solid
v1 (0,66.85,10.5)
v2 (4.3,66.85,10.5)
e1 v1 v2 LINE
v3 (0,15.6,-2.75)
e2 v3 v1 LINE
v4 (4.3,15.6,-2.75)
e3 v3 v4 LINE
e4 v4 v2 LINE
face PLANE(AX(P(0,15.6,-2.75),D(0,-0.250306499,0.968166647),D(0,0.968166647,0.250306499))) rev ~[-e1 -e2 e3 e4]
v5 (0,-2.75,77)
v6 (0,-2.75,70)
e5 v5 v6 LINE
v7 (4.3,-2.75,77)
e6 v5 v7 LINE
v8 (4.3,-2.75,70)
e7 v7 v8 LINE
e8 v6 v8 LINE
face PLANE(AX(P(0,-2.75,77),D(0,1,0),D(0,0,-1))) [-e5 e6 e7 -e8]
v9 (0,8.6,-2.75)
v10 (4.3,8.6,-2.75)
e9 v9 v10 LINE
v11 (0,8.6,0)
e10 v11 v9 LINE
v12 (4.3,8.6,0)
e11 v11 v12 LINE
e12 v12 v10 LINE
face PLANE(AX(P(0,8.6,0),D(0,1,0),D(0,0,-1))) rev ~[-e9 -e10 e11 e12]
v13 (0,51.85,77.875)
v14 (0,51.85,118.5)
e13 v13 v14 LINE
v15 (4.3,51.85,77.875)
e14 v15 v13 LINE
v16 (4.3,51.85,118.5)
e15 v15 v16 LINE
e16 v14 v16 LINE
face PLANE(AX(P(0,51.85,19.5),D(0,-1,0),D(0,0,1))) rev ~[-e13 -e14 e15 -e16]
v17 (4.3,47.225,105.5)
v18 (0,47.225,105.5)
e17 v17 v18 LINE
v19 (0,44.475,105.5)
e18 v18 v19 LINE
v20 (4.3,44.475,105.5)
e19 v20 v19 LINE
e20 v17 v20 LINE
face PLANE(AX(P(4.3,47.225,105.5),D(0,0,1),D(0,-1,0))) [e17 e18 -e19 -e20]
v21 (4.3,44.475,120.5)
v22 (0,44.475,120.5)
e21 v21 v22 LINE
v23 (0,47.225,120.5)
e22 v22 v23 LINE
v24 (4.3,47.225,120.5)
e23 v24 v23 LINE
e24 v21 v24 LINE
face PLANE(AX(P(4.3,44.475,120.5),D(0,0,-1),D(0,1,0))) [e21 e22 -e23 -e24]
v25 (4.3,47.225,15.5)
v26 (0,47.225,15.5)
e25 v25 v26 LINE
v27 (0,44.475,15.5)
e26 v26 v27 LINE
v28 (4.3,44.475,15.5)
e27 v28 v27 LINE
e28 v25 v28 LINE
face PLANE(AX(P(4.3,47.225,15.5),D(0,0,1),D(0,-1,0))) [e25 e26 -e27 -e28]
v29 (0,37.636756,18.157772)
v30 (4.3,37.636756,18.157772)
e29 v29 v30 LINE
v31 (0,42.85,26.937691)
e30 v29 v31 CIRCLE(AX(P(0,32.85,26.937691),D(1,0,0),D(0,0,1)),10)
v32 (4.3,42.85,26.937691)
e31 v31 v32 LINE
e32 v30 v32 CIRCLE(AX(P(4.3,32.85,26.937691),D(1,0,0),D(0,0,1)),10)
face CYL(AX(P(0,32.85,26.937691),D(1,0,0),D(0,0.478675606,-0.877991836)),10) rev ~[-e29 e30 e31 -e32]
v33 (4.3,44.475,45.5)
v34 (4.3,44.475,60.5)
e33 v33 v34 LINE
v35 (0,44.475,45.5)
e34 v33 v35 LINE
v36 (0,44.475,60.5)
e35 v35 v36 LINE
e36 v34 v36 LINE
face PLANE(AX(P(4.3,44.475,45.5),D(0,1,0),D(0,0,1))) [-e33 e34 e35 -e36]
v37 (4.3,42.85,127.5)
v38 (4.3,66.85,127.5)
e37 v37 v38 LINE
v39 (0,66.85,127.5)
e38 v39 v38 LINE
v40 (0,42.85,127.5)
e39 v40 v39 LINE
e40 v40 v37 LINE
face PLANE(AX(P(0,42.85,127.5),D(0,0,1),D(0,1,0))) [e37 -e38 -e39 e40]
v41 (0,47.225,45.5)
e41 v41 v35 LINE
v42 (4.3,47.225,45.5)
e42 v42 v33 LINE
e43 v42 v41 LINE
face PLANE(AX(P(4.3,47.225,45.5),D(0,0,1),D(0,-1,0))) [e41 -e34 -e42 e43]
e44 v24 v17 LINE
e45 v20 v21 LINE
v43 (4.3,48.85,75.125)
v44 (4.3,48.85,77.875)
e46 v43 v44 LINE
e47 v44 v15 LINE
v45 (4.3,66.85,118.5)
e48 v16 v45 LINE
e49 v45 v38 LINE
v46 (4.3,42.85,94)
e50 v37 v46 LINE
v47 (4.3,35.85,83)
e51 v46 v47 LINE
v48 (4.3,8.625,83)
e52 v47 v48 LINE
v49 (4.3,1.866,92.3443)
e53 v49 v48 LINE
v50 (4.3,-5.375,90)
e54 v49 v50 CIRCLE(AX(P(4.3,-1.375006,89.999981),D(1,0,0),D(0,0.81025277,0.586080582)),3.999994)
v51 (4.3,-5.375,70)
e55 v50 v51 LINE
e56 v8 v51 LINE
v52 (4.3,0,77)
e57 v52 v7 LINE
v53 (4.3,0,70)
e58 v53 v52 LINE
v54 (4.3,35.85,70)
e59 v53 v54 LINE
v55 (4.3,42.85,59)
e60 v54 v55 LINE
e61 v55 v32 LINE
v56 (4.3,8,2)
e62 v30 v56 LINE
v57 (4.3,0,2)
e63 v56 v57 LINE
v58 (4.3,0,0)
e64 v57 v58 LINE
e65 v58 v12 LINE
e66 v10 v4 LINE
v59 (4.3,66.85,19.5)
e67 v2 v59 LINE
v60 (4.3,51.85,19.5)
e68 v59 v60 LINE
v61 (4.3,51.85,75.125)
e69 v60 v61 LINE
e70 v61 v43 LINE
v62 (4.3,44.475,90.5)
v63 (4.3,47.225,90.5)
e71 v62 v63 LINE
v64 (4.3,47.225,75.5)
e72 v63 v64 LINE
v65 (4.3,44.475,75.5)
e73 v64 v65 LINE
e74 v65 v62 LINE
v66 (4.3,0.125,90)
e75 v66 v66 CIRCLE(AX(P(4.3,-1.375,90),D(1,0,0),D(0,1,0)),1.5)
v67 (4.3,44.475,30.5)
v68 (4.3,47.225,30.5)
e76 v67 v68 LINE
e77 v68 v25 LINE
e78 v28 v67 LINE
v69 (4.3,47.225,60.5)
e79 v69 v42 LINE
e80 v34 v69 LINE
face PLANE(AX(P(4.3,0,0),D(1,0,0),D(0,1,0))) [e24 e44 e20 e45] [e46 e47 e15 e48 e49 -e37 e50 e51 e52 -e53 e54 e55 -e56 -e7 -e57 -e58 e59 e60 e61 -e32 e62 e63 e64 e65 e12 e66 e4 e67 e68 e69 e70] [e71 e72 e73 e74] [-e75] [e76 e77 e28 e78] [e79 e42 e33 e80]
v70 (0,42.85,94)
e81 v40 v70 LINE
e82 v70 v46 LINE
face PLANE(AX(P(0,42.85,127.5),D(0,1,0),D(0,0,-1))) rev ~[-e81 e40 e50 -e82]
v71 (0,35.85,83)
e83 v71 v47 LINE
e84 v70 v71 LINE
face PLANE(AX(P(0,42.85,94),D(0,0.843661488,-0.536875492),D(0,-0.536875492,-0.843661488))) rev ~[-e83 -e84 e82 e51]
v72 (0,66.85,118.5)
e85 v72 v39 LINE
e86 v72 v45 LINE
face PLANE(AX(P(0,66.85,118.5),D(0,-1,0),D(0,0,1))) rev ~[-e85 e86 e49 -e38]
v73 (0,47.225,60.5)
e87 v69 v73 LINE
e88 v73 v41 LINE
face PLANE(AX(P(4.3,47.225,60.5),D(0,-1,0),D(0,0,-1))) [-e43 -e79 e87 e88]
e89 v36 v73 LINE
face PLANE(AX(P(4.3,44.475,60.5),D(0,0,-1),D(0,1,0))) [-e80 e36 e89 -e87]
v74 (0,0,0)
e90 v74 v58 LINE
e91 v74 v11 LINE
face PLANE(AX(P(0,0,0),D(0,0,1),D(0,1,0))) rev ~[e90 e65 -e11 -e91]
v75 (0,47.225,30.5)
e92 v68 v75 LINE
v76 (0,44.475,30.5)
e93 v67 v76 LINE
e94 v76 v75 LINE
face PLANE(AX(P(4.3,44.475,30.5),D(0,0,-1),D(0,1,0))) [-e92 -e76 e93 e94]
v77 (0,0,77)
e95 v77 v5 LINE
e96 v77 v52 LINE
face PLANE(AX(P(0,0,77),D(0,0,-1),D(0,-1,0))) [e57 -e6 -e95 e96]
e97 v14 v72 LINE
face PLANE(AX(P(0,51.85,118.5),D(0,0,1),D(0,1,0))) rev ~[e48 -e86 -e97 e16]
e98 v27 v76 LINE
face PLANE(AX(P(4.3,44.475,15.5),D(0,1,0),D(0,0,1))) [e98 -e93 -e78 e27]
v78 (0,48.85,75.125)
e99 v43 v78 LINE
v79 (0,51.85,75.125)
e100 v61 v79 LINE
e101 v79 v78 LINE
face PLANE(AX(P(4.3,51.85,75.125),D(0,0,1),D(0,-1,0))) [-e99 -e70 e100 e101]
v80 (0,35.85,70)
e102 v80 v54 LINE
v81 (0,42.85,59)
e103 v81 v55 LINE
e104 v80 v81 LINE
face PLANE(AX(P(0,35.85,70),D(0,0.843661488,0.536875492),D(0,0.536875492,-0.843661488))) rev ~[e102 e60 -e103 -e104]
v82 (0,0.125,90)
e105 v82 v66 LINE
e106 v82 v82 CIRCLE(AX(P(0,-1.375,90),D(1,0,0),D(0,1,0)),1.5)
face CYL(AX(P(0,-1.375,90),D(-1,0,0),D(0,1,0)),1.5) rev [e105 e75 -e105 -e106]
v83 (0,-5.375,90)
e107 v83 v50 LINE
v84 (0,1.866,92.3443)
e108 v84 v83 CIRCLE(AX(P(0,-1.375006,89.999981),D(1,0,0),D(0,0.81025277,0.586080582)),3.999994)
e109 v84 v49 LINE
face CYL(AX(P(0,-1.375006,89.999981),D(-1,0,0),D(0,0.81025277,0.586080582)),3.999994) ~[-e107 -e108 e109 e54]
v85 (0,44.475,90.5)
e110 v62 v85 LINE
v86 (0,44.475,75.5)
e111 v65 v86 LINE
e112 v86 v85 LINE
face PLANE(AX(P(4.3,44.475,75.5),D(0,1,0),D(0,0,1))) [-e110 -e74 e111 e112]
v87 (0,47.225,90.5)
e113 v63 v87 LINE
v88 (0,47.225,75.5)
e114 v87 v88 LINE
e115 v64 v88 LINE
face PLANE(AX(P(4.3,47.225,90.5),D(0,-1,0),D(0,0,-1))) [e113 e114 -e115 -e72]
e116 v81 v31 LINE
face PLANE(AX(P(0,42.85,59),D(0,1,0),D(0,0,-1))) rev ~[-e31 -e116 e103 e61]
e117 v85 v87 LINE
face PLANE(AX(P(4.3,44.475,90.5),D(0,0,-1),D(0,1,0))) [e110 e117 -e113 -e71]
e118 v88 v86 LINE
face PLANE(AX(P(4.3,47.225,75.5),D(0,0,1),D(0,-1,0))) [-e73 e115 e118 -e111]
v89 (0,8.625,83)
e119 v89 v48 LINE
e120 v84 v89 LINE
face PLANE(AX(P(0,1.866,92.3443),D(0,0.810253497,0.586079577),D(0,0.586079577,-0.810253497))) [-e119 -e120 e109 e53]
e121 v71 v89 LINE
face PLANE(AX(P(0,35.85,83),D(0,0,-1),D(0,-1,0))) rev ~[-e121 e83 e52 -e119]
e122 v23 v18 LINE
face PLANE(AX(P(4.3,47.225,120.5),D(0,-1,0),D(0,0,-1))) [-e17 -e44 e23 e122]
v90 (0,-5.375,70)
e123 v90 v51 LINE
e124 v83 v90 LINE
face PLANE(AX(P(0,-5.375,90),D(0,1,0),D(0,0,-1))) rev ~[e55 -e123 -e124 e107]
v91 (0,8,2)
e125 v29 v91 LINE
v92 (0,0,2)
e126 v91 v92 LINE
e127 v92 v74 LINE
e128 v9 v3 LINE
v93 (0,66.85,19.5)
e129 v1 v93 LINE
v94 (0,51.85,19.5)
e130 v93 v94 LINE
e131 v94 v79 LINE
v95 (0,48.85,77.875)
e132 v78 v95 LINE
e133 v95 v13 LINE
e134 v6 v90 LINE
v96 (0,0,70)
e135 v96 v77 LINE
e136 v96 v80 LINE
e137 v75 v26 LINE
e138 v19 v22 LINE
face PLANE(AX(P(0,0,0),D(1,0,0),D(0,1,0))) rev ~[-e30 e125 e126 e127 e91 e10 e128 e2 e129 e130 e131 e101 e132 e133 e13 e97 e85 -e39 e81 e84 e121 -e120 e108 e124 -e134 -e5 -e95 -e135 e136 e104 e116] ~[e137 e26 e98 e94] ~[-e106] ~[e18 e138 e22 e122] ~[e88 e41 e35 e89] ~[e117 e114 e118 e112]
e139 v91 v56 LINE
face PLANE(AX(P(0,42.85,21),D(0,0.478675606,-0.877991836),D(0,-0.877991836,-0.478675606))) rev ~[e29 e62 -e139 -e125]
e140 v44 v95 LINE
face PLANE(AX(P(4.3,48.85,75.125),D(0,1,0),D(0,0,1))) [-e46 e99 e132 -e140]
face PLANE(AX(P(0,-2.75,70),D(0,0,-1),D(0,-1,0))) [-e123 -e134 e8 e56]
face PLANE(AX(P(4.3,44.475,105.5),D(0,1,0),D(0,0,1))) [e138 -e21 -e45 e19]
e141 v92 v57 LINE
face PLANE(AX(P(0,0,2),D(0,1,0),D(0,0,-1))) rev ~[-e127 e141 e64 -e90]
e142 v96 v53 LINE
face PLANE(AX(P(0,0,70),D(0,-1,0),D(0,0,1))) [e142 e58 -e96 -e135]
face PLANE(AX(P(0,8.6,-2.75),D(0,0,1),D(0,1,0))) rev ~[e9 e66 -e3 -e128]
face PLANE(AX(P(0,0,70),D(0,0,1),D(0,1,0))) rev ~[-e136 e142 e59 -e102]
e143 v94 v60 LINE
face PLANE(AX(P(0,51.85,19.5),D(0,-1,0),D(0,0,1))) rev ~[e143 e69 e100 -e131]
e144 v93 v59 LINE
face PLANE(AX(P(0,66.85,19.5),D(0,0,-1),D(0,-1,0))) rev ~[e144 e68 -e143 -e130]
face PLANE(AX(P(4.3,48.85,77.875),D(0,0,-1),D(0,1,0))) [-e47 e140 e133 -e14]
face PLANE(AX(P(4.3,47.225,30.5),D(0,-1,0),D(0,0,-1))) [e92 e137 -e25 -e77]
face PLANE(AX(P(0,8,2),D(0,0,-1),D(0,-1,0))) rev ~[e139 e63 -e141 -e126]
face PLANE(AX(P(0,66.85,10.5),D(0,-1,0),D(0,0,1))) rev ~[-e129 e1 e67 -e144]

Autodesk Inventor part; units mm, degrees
ref_plane "YZ Plane" through (0, 0, 0) normal (1, 0, 0) x (0, 1, 0)
ref_plane "XZ Plane" through (0, 0, 0) normal (0, 1, 0) x (-1, 0, 0)
ref_plane "XY Plane" through (0, 0, 0) normal (0, 0, 1) x (1, 0, 0)
sketch "Sketch1" plane through (0, 0, 0) normal (1, 0, 0) x (0, 1, 0)
  line L0 (0, 0) -> (8.6, 0)
  line L1 (8.6, 0) -> (8.6, -2.75)
  line L2 (8.6, -2.75) -> (15.6, -2.75)
  line L3 (15.6, -2.75) -> (66.85, 10.5)
  line L4 (66.85, 10.5) -> (66.85, 19.5)
  line L5 (66.85, 19.5) -> (51.85, 19.5)
  line L6 (51.85, 19.5) -> (51.85, 118.5)
  line L7 (51.85, 118.5) -> (66.85, 118.5)
  line L8 (66.85, 118.5) -> (66.85, 127.5)
  line L9 (42.85, 21) -> (8, 2)
  line L10 (8, 2) -> (0, 2)
  line L11 (0, 2) -> (0, 0)
  line L12 (0, 70) -> (0, 77)
  line L13 (0, 77) -> (-2.75, 77)
  line L14 (-2.75, 77) -> (-2.75, 70)
  line L15 (0, 70) -> (35.85, 70)
  line L16 (35.85, 70) -> (42.85, 59)
  line L17 (42.85, 94) -> (35.85, 83)
  line L18 (35.85, 83) -> (35.85, 70) construction
  line L19 (42.85, 127.5) -> (42.85, 94)
  line L20 (42.85, 59) -> (42.85, 21)
  line L21 (42.85, 127.5) -> (66.85, 127.5)
  line L22 (-1.375, 77) -> (-1.375, 90) construction
  arc A0 (1.866, 92.3443) -> (-5.375, 90) centre (-1.375, 90) ccw
  line L23 (-5.375, 90) -> (-5.375, 70)
  line L24 (1.866, 92.3443) -> (8.625, 83)
  circle A1 centre (-1.375, 90) radius 1.5
  line L25 (35.85, 83) -> (8.625, 83)
  line L26 (-2.75, 70) -> (-5.375, 70)
  dimension "d0" = 2.75
  dimension "d1" = 8.6
  dimension "d2" = 7
  dimension "d3" = 2
  dimension "d4" = 43.25
  dimension "d6" = 15
  dimension "d7" = 99
  dimension "d8" = 9
  dimension "d14" = 19.5
  dimension "d16" = 8
  dimension "d25" = 9
  dimension "d27" = 2.75
  dimension "d29" = 8.6
  dimension "d34" = 7
  dimension "d36" = 9
  dimension "d37" = 9
  dimension "d38" = 7
  dimension "d39" = 35
  dimension "d56" = 8
  dimension "d57" = 3
  dimension "d59" = 10
  dimension "d61" = 38
  dimension "d77" = 13
  dimension "d78" = 75
  dimension "d79" = 13
  dimension "d81" = 2.625
extrude "Extrusion1" add sketch "Sketch1" along normal blind 4.3
sketch "Sketch2" plane through (4.3, 0, 0) normal (1, 0, 0) x (0, 0, -1)
  line L0 (-120.5, 47.225) -> (-105.5, 47.225)
  line L1 (-105.5, 47.225) -> (-105.5, 44.475)
  line L2 (-105.5, 44.475) -> (-120.5, 44.475)
  line L3 (-120.5, 44.475) -> (-120.5, 47.225)
  line L4 (-90.5, 47.225) -> (-75.5, 47.225)
  line L5 (-75.5, 47.225) -> (-75.5, 44.475)
  line L6 (-75.5, 44.475) -> (-90.5, 44.475)
  line L7 (-90.5, 44.475) -> (-90.5, 47.225)
  line L8 (-60.5, 47.225) -> (-45.5, 47.225)
  line L9 (-45.5, 47.225) -> (-45.5, 44.475)
  line L10 (-45.5, 44.475) -> (-60.5, 44.475)
  line L11 (-60.5, 44.475) -> (-60.5, 47.225)
  line L12 (-30.5, 47.225) -> (-15.5, 47.225)
  line L13 (-15.5, 47.225) -> (-15.5, 44.475)
  line L14 (-15.5, 44.475) -> (-30.5, 44.475)
  line L15 (-30.5, 44.475) -> (-30.5, 47.225)
  line L16 (-127.5, 66.85) -> (-127.5, 42.85) projected
  line L17 (-19.5, 51.85) -> (-118.5, 51.85) projected
  line L18 (-127.5, 42.85) -> (-94, 42.85) projected
  line L19 (-105.5, 45.85) -> (-104.169, 45.85) construction
  line L20 (-104.169, 45.85) -> (-104.169, 42.85) construction
  line L21 (-127.5, 42.85) -> (-94, 42.85) projected
  point P0 (0, 0)
  dimension "d43" = 7
  dimension "d44" = 2.75
  dimension "d46" = 15
  dimension "d47" = 30
  dimension "d48" = 30
  dimension "d49" = 15
  dimension "d50" = 15
  dimension "d51" = 15
  dimension "d52" = 30
  dimension "d72" = 3
extrude "Extrusion2" cut sketch "Sketch2" against normal blind 10
fillet "Fillet1" radius 10 1 edges at (2.15, 42.85, 21)
sketch "Sketch4" plane through (4.3, 0, 0) normal (1, 0, 0) x (0, 0, -1)
  line L0 (-19.5, 51.85) -> (-118.5, 51.85) projected
  line L1 (-77.875, 51.85) -> (-75.125, 51.85)
  line L2 (-75.125, 51.85) -> (-75.125, 48.85)
  line L3 (-75.125, 48.85) -> (-77.875, 48.85)
  line L4 (-77.875, 48.85) -> (-77.875, 51.85)
  line L5 (-90.5, 47.225) -> (-75.5, 47.225) projected
  line L6 (-77, -2.75) -> (-77, 0) projected
  point P0 (0, 0)
  dimension "d73" = 3
  dimension "d74" = 1.625
  dimension "d82" = 0.875
  dimension "d83" = 2.75
extrude "Extrusion4" cut sketch "Sketch4" against normal blind 10
properties part number "TrayPanelG"
